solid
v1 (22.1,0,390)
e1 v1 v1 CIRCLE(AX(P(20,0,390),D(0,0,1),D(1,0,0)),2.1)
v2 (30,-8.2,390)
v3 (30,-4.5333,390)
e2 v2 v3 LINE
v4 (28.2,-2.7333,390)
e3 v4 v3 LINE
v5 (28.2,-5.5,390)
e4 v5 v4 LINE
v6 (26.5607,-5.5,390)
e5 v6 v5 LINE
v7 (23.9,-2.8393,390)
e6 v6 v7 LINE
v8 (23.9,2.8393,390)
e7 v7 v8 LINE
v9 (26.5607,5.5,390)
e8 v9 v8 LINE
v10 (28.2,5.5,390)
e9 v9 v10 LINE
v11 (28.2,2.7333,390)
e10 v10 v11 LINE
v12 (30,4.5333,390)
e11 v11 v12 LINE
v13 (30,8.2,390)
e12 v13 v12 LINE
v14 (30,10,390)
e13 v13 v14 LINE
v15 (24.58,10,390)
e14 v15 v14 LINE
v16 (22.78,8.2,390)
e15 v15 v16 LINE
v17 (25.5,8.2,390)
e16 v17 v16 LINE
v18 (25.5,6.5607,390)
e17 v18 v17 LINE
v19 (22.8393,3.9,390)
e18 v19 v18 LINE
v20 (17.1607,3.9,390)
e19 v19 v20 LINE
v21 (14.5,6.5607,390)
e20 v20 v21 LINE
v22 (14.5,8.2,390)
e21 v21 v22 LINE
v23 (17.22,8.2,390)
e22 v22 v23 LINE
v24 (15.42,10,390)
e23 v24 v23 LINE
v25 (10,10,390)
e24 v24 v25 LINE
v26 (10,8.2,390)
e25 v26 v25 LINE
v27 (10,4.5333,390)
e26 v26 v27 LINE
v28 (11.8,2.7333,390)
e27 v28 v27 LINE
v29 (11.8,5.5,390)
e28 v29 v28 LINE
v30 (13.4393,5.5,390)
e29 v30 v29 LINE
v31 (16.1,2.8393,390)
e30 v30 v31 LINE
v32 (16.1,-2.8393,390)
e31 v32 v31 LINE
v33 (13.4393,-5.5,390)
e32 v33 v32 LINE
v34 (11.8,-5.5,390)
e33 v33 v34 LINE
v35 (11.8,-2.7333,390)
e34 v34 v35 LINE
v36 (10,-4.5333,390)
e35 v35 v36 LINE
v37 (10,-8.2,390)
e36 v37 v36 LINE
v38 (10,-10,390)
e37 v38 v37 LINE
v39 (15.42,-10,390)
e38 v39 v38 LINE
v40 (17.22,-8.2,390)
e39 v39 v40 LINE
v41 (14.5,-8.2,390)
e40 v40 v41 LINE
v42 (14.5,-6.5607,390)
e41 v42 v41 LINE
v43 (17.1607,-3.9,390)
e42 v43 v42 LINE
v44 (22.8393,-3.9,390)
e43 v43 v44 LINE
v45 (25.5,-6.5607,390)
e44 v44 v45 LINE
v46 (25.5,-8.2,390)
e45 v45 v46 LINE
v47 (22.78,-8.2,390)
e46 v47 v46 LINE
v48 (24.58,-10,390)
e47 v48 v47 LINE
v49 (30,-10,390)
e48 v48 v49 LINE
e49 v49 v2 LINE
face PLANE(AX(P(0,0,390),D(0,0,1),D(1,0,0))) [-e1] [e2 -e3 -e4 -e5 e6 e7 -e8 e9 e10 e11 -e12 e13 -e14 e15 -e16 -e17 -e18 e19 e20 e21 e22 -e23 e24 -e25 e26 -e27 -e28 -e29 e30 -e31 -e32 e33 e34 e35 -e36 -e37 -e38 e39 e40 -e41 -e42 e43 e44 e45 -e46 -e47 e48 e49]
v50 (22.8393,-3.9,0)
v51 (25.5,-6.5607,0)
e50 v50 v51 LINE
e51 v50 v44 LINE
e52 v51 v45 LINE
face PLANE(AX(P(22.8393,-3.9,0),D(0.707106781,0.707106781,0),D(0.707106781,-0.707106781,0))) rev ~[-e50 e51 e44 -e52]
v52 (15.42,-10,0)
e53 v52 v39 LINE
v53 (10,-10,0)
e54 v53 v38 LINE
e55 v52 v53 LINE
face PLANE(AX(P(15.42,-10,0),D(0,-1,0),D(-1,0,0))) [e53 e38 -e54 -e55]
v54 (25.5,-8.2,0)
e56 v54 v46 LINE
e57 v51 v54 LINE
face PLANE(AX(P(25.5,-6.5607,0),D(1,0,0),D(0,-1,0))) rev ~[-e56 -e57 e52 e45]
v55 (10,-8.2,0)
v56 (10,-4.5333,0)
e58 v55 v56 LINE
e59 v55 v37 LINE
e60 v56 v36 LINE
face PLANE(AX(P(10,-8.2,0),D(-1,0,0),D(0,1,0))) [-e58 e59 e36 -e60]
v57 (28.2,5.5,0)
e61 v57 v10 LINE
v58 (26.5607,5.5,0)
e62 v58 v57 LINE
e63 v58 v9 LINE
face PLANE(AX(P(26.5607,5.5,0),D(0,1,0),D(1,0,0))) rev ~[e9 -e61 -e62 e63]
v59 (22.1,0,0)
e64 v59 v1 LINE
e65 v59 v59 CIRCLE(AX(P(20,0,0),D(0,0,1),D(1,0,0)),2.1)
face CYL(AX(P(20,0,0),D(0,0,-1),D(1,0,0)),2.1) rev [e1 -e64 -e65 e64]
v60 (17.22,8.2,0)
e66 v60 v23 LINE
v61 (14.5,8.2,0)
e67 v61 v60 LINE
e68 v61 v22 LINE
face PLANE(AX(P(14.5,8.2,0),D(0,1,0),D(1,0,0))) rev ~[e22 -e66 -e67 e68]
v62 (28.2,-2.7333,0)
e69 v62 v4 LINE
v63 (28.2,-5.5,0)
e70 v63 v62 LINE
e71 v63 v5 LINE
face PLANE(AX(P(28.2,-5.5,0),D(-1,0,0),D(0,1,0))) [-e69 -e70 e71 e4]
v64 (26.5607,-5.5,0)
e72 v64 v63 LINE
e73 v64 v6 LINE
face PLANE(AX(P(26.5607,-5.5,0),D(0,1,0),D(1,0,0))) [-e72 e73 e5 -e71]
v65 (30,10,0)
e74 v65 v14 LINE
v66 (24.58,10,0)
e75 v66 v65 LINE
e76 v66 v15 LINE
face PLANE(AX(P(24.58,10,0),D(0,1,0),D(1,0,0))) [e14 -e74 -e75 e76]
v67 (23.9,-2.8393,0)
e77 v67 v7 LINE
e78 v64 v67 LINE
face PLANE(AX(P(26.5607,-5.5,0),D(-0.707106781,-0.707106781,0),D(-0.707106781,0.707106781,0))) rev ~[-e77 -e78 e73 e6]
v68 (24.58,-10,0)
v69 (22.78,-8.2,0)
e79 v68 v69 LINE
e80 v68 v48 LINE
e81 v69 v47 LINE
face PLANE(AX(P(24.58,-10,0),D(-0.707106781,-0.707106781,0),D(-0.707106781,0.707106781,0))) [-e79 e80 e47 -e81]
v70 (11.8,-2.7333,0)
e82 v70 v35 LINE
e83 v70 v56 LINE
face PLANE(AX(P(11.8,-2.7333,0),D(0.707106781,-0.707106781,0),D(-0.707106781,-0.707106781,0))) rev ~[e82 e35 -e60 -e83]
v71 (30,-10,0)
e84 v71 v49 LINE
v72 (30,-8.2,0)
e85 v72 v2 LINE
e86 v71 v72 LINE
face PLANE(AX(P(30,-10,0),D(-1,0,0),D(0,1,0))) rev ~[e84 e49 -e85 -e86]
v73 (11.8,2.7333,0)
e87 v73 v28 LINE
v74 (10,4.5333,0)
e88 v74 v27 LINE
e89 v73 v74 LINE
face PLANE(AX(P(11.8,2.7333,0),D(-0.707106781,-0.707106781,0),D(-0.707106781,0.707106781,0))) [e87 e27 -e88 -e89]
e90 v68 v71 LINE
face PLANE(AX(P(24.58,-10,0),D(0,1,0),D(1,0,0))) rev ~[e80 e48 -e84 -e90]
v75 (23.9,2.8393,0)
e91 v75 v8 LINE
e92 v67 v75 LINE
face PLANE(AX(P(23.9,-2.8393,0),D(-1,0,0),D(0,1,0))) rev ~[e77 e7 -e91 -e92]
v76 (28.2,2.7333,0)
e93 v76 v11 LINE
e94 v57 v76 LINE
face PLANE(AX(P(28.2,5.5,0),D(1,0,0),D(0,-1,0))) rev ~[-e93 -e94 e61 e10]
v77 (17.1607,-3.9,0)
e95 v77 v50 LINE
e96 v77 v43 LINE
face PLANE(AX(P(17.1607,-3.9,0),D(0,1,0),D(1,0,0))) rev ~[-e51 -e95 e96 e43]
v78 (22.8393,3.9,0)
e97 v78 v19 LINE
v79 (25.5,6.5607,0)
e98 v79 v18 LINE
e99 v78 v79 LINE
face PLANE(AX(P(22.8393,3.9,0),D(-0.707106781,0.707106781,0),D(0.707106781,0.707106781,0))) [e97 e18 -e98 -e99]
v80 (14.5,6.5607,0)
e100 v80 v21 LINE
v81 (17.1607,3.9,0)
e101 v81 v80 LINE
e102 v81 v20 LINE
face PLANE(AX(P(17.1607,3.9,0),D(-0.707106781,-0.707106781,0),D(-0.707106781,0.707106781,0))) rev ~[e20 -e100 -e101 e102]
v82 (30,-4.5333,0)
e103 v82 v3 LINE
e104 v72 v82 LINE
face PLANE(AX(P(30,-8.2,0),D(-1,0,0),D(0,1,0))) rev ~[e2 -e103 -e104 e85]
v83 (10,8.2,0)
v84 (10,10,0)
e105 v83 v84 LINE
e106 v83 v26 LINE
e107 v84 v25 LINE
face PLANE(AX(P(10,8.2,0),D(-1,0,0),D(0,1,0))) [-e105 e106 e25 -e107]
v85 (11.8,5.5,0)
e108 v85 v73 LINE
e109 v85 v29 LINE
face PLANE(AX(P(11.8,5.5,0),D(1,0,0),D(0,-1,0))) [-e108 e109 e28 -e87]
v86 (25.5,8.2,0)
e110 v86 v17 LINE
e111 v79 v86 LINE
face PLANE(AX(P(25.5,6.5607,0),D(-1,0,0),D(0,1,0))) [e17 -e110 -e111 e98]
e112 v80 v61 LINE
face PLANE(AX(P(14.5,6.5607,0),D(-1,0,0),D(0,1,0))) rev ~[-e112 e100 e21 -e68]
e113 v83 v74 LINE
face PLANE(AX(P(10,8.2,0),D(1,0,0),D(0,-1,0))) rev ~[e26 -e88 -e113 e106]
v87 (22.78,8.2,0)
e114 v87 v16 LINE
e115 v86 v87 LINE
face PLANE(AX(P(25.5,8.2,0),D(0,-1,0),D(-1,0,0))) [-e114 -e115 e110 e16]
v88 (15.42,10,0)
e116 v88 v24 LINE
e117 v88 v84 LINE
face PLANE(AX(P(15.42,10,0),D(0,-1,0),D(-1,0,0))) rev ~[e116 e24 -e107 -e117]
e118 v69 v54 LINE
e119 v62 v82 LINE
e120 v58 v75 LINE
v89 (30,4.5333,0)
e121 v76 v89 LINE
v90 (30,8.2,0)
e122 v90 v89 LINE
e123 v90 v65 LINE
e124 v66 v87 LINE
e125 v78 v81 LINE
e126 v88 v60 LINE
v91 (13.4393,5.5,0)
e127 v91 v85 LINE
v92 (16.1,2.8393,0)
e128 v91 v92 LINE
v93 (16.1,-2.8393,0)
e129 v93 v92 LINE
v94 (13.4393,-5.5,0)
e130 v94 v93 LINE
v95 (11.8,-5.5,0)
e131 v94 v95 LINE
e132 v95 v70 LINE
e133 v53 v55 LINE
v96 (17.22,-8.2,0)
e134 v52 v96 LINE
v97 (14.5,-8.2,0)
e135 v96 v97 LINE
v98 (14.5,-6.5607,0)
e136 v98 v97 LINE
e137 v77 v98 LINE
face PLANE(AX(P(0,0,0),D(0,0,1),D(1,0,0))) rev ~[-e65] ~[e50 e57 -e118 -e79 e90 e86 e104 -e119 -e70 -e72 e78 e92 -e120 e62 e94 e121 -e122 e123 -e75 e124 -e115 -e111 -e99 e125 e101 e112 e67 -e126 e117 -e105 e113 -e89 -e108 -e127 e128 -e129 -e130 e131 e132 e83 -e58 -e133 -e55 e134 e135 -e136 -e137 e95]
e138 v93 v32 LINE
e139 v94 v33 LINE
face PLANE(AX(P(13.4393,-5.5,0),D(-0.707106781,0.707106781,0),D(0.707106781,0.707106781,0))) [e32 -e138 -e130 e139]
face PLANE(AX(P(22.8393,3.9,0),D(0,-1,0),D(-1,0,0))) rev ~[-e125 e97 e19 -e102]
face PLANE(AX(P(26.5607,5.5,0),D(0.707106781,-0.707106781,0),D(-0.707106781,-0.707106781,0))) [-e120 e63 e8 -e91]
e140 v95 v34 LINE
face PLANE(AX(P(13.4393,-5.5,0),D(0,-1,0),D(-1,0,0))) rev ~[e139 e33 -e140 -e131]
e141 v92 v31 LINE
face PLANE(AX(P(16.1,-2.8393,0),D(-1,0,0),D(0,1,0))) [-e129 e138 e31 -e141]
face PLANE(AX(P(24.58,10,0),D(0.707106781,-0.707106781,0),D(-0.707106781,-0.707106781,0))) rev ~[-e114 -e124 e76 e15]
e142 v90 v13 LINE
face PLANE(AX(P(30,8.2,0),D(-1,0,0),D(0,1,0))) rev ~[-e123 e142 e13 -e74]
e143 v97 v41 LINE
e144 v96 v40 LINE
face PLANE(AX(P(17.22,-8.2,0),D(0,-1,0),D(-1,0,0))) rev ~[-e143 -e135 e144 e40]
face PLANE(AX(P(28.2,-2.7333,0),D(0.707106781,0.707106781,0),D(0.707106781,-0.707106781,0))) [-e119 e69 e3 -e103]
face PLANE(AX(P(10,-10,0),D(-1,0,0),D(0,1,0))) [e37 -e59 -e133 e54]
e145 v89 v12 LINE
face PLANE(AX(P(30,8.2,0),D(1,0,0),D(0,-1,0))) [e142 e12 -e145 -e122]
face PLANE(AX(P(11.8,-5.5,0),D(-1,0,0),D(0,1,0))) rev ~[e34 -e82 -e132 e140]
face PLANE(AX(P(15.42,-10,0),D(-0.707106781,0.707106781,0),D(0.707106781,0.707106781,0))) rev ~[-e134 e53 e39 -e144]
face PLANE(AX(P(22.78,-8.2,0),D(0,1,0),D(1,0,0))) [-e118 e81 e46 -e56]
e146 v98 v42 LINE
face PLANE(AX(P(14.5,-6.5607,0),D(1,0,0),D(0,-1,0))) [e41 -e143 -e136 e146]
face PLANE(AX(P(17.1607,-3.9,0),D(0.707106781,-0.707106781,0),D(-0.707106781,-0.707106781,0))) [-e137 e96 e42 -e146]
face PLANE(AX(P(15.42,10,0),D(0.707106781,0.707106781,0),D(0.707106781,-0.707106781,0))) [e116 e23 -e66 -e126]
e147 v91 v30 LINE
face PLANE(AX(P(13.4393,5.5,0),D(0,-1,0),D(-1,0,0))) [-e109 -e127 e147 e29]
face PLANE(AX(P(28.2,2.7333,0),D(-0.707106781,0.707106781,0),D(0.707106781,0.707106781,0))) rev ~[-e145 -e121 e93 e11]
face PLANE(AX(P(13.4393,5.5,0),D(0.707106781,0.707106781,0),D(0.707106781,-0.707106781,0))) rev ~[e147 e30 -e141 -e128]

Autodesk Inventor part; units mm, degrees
ref_plane "YZ Plane" through (0, 0, 0) normal (1, 0, 0) x (0, 1, 0)
ref_plane "XZ Plane" through (0, 0, 0) normal (0, 1, 0) x (-1, 0, 0)
ref_plane "XY Plane" through (0, 0, 0) normal (0, 0, 1) x (1, 0, 0)
sketch "Boceto1" plane through (0, 0, 0) normal (0, 0, 1) x (1, 0, 0)
  line L0 (30, 10) -> (30, -10) construction
  line L1 (20, -10) -> (20, 10) construction
  circle A0 centre (20, 0) radius 2.1
  line L2 (22.8393, 3.9) -> (17.1607, 3.9)
  line L3 (17.1607, -3.9) -> (22.8393, -3.9)
  line L4 (23.9, -2.8393) -> (23.9, 2.8393)
  line L5 (20, 10) -> (20, -10) construction
  line L6 (25.5, 6.5607) -> (25.5, 8.2)
  line L7 (23.9, 3.9) -> (25.9093, 5.9093) construction
  line L8 (26.5607, 5.5) -> (23.9, 2.8393)
  line L9 (22.8393, 3.9) -> (25.5, 6.5607)
  line L10 (24.58, 10) -> (22.78, 8.2)
  line L11 (27, -5.9393) -> (27, -8.2) construction
  line L12 (25.5, -6.5607) -> (25.5, -8.2)
  line L13 (26.5607, -5.5) -> (23.9, -2.8393)
  line L14 (23.9, -3.9) -> (25.9093, -5.9093) construction
  line L15 (22.8393, -3.9) -> (25.5, -6.5607)
  line L16 (24.58, -10) -> (22.78, -8.2)
  line L17 (22.78, -8.2) -> (25.5, -8.2)
  line L18 (27.1393, -8.2) -> (30, -8.2) construction
  line L19 (25.5, 8.2) -> (22.78, 8.2)
  line L20 (30, -10) -> (30, 10) construction
  line L21 (24.58, 10) -> (30, 10)
  line L22 (24.58, -10) -> (30, -10)
  line L23 (30, -10) -> (30, -8.2)
  line L24 (30, 8.2) -> (30, 10)
  line L25 (28.2, -10) -> (28.2, -5.5) construction
  line L26 (28.2, -5.5) -> (28.2, -2.7333)
  line L27 (25.5, -6.5607) -> (26.5607, -5.5) construction
  line L28 (26.5607, -5.5) -> (28.2, -5.5)
  line L29 (28.2, -2.7333) -> (30, -4.5333)
  line L30 (30, -8.2) -> (30, -4.5333)
  line L31 (26.5607, 5.5) -> (23.9, 2.8393)
  line L32 (30, 10) -> (30, 8.2)
  line L33 (28.2, 5.5) -> (28.2, 2.7333)
  line L34 (26.5607, 5.5) -> (28.2, 5.5)
  line L35 (28.2, 2.7333) -> (30, 4.5333)
  line L36 (30, 8.2) -> (30, 4.5333)
  line L37 (10, 10) -> (10, -10) construction
  line L38 (15.42, 10) -> (17.22, 8.2)
  line L39 (14.5, 8.2) -> (17.22, 8.2)
  line L40 (15.42, 10) -> (10, 10)
  line L41 (16.1, -2.8393) -> (16.1, 2.8393)
  line L42 (16.1, -3.9) -> (14.0907, -5.9093) construction
  line L43 (17.22, -8.2) -> (14.5, -8.2)
  line L44 (17.1607, 3.9) -> (22.8393, 3.9)
  circle A1 centre (20, 0) radius 2.1
  line L45 (22.8393, -3.9) -> (17.1607, -3.9)
  line L46 (15.42, -10) -> (17.22, -8.2)
  line L47 (14.5, -6.5607) -> (14.5, -8.2)
  line L48 (12.8607, -8.2) -> (10, -8.2) construction
  line L49 (15.42, -10) -> (10, -10)
  line L50 (14.5, 6.5607) -> (14.5, 8.2)
  line L51 (16.1, 3.9) -> (14.0907, 5.9093) construction
  line L52 (13.4393, 5.5) -> (16.1, 2.8393)
  line L53 (17.1607, 3.9) -> (14.5, 6.5607)
  line L54 (17.1607, -3.9) -> (14.5, -6.5607)
  line L55 (13.4393, -5.5) -> (16.1, -2.8393)
  line L56 (13, -5.9393) -> (13, -8.2) construction
  line L57 (10, -10) -> (10, 10) construction
  line L58 (10, -10) -> (10, -8.2)
  line L59 (10, 8.2) -> (10, 10)
  line L60 (11.8, -10) -> (11.8, -5.5) construction
  line L61 (11.8, -5.5) -> (11.8, -2.7333)
  line L62 (14.5, -6.5607) -> (13.4393, -5.5) construction
  line L63 (13.4393, -5.5) -> (11.8, -5.5)
  line L64 (11.8, -2.7333) -> (10, -4.5333)
  line L65 (10, -8.2) -> (10, -4.5333)
  line L66 (13.4393, 5.5) -> (16.1, 2.8393)
  line L67 (13.4393, 5.5) -> (11.8, 5.5)
  line L68 (11.8, 5.5) -> (11.8, 2.7333)
  line L69 (11.8, 2.7333) -> (10, 4.5333)
  line L70 (10, 8.2) -> (10, 4.5333)
  line L71 (10, 10) -> (10, 8.2)
  dimension "d9" = 20
  dimension "d53" = 10
  dimension "d56" = 1.6393
  dimension "d58" = 2.72
  dimension "d66" = 1.8
  dimension "d71" = 45
  dimension "d72" = 2.6607
  dimension "d77" = 4.2
  dimension "d78" = 3.9
  dimension "d79" = 3.9
  dimension "d80" = 3.9
  dimension "d81" = 1.5
  dimension "d82" = 45
  dimension "d83" = 90
  dimension "d84" = 45
  dimension "d85" = 5.42
  dimension "d86" = 1.5
  dimension "d87" = 90
  dimension "d88" = 5.42
  dimension "d89" = 5.4667
  dimension "d90" = 5.6787
  dimension "d91" = 5.6787
  dimension "d92" = 5.6787
  dimension "d93" = 2.6607
  dimension "d94" = 2.6607
  dimension "d95" = 2.6607
extrude "Extrusión1" add sketch "Boceto1" along normal blind 390
properties part number "V-SLOT_2020" material "Aluminio"
